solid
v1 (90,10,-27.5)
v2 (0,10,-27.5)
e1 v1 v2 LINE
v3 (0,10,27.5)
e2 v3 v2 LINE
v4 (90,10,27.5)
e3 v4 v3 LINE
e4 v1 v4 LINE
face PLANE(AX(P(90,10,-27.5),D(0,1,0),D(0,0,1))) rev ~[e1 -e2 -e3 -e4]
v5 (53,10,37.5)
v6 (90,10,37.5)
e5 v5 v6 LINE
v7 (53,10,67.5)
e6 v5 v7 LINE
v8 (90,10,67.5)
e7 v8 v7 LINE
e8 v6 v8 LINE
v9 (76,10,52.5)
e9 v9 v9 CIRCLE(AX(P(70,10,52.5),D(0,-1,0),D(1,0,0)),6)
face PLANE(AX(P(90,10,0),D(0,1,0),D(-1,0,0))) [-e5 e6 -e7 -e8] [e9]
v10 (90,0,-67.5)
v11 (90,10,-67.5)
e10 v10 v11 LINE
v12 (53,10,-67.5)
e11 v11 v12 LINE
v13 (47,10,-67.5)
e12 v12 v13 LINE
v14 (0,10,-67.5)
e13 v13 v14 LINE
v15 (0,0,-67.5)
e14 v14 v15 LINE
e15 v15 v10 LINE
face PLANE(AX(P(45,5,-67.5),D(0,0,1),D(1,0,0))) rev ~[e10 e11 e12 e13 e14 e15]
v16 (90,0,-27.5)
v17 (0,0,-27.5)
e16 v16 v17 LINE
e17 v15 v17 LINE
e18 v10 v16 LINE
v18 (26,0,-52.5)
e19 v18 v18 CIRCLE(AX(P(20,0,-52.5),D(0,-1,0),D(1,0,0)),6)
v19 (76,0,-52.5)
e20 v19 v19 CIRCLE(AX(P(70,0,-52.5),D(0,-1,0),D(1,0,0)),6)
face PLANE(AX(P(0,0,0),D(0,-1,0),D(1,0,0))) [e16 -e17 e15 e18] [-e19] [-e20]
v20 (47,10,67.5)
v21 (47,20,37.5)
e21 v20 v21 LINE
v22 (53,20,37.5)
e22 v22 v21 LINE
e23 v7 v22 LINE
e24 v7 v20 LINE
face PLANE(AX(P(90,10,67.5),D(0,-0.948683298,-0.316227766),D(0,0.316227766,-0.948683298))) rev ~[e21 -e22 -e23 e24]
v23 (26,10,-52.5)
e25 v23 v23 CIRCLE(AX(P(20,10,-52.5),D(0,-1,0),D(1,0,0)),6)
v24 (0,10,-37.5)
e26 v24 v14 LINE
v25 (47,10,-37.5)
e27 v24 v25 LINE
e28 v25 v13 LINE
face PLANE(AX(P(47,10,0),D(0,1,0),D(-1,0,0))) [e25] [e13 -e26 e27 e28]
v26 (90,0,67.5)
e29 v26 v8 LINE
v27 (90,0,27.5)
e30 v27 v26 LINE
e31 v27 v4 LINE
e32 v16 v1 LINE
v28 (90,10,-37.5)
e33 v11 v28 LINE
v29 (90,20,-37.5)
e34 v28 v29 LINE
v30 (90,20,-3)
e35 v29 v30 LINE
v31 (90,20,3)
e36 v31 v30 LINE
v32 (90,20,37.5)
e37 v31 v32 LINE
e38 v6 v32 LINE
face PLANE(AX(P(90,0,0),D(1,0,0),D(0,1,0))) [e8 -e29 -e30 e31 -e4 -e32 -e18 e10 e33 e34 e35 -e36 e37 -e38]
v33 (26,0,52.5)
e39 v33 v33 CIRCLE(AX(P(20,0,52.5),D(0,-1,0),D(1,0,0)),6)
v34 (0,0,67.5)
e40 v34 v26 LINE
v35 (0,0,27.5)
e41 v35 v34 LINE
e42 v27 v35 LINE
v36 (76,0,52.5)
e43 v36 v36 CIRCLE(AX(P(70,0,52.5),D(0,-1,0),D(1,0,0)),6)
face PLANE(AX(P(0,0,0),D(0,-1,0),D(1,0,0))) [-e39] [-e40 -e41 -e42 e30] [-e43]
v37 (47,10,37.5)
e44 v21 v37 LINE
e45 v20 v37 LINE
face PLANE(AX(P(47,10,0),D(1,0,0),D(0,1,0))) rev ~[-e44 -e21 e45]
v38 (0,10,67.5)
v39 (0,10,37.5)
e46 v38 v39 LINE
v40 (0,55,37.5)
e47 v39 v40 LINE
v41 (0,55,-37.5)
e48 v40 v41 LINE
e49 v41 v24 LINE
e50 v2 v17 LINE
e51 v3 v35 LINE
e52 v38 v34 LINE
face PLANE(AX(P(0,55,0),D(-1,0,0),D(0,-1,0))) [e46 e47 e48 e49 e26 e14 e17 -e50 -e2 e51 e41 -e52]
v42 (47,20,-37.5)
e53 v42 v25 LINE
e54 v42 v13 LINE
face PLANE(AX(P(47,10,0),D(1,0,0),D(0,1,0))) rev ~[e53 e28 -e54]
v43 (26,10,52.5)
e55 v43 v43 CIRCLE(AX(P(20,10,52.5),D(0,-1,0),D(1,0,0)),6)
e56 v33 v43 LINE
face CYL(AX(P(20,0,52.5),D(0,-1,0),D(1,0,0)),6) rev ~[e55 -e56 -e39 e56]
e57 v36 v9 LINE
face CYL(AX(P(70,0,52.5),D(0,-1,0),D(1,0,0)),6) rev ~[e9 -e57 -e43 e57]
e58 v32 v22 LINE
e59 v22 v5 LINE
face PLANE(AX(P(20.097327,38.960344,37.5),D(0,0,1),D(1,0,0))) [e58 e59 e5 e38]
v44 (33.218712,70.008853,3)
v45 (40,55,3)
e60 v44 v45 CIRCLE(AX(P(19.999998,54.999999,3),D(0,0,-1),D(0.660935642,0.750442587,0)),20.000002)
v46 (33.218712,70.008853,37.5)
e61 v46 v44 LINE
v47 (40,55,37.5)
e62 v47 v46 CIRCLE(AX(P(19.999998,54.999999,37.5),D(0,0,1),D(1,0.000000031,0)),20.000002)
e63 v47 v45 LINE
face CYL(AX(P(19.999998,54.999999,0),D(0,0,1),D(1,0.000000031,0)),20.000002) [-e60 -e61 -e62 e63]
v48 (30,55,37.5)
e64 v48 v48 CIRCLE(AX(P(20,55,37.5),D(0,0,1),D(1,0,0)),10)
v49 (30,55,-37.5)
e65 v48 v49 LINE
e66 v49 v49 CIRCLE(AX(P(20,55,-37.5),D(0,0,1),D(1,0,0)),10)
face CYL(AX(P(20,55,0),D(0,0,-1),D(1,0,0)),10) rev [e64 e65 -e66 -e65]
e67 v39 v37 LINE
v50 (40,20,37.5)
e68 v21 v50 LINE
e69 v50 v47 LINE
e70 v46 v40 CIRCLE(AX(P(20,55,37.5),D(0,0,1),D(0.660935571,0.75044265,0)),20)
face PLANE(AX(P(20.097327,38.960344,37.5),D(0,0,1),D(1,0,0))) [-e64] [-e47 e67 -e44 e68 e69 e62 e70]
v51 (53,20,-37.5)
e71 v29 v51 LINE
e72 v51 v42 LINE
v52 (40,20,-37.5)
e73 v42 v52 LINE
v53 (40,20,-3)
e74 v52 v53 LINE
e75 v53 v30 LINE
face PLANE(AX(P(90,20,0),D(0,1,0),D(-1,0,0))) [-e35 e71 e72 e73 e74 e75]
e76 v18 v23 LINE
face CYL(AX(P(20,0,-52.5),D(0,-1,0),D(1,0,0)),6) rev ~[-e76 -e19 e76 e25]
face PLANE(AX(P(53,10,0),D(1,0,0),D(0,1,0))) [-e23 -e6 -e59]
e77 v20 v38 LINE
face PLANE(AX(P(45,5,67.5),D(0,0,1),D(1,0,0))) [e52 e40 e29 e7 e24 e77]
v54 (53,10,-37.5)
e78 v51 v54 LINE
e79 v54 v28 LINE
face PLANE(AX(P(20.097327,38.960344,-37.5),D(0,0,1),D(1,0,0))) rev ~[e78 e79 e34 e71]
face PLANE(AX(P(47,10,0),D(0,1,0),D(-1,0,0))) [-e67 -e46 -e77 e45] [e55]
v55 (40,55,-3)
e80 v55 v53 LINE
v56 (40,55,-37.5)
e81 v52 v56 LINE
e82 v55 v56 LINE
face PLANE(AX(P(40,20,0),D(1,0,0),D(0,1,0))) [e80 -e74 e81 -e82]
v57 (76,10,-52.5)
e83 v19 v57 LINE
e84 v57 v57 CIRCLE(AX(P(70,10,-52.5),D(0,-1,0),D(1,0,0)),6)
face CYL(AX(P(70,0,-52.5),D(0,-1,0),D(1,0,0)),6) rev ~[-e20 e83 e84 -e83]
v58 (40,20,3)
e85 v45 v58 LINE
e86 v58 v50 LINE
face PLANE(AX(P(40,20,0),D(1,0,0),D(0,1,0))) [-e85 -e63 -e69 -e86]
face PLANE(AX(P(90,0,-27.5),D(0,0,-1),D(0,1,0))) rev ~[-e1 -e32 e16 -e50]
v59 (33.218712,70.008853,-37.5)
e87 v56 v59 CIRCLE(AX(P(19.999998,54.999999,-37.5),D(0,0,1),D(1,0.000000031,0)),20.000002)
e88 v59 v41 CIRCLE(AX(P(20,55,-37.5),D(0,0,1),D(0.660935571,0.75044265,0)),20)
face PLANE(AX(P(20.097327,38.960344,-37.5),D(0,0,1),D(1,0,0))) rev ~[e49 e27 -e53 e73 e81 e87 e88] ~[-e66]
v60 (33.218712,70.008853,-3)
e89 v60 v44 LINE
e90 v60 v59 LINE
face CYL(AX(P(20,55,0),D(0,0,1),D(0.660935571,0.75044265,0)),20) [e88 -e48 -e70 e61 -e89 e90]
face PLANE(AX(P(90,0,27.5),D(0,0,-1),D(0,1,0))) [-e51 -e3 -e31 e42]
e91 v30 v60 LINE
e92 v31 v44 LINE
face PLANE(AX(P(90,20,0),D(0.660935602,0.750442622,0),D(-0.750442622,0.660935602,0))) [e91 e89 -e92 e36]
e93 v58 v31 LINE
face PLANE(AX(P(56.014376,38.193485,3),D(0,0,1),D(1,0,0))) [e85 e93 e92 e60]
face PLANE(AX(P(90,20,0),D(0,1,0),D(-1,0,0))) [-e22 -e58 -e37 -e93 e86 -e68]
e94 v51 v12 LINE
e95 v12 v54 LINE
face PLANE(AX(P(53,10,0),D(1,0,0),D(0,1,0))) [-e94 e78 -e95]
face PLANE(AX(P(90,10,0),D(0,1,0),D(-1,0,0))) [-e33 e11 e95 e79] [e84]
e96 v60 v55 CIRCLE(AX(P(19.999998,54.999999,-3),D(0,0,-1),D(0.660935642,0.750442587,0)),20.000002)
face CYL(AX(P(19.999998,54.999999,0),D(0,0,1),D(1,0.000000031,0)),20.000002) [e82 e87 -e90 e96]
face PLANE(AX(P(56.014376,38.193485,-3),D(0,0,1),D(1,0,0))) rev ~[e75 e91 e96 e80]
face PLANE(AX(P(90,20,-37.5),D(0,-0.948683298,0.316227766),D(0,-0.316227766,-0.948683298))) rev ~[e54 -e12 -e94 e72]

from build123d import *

# Parameters (mm, degrees)
F0_W     = 6
F0_H     = 10
F1_DEPTH = 67.5
F0_R     = 10
F0_W_2   = 7
F0_W_3   = 37
F2_DEPTH = 37.5
F3_DEPTH = 3
F4_W     = 10
F4_H     = 55
F5_DEPTH = 90.001
F6_R     = 6
F7_DEPTH = 75.001


with BuildPart() as f1:
    # F0 (on Top) → F1 (new body, symmetric)
    with BuildSketch(Plane.XY):
        Polygon((0, 10), (0, 0), (90, 0), (90, 10), (53, 10), (47, 10), (40, 10), align=None)
        with Locations((50, 15)):
            Rectangle(F0_W, F0_H)
    extrude(amount=F1_DEPTH, both=True)

    # F0 (on Top) → F2 (join, symmetric)
    with BuildSketch(Plane.XY):
        with BuildLine():
            Line((0, 55), (0, 10))
            Line((0, 10), (40, 10))
            Line((40, 10), (40, 20))
            Line((40, 20), (40, 55))
            ThreePointArc((40, 55), (38.226001, 63.234858), (33.218712, 70.008853))
            ThreePointArc((33.218712, 70.008853), (11.765142, 73.226001), (0, 55))
        make_face()
        with Locations((20, 55)):
            Circle(F0_R, mode=Mode.SUBTRACT)
        with Locations((43.5, 15)):
            Rectangle(F0_W_2, F0_H)
        with Locations((71.5, 15)):
            Rectangle(F0_W_3, F0_H)
        with Locations((50, 15)):
            Rectangle(F0_W, F0_H)
    extrude(amount=F2_DEPTH, both=True)

    # F0 (on Top) → F3 (join, symmetric)
    with BuildSketch(Plane.XY):
        with BuildLine():
            Line((53, 20), (90, 20))
            Line((90, 20), (33.218712, 70.008853))
            ThreePointArc((33.218712, 70.008853), (38.226001, 63.234858), (40, 55))
            Line((40, 55), (40, 20))
            Line((40, 20), (47, 20))
            Line((47, 20), (53, 20))
        make_face()
    extrude(amount=F3_DEPTH, both=True)

    # F4 (on face) → F5 (cut, through all)
    with BuildSketch(Plane.YZ.offset(90)):
        Polygon((10, 67.5), (20, 37.5), (20, 67.5), align=None)
        Polygon((20, -67.5), (20, -37.5), (10, -67.5), align=None)
        with Locations((5, 0)):
            Rectangle(F4_W, F4_H)
    extrude(amount=-F5_DEPTH, mode=Mode.SUBTRACT)

    # F6 (on face) → F7 (cut, through all)
    with BuildSketch(Plane.XZ):
        with Locations((70, 52.5)):
            Circle(F6_R)
        with Locations((20, 52.5)):
            Circle(F6_R)
        with Locations((70, -52.5)):
            Circle(F6_R)
        with Locations((20, -52.5)):
            Circle(F6_R)
    extrude(amount=-F7_DEPTH, mode=Mode.SUBTRACT)


solid = f1.part
